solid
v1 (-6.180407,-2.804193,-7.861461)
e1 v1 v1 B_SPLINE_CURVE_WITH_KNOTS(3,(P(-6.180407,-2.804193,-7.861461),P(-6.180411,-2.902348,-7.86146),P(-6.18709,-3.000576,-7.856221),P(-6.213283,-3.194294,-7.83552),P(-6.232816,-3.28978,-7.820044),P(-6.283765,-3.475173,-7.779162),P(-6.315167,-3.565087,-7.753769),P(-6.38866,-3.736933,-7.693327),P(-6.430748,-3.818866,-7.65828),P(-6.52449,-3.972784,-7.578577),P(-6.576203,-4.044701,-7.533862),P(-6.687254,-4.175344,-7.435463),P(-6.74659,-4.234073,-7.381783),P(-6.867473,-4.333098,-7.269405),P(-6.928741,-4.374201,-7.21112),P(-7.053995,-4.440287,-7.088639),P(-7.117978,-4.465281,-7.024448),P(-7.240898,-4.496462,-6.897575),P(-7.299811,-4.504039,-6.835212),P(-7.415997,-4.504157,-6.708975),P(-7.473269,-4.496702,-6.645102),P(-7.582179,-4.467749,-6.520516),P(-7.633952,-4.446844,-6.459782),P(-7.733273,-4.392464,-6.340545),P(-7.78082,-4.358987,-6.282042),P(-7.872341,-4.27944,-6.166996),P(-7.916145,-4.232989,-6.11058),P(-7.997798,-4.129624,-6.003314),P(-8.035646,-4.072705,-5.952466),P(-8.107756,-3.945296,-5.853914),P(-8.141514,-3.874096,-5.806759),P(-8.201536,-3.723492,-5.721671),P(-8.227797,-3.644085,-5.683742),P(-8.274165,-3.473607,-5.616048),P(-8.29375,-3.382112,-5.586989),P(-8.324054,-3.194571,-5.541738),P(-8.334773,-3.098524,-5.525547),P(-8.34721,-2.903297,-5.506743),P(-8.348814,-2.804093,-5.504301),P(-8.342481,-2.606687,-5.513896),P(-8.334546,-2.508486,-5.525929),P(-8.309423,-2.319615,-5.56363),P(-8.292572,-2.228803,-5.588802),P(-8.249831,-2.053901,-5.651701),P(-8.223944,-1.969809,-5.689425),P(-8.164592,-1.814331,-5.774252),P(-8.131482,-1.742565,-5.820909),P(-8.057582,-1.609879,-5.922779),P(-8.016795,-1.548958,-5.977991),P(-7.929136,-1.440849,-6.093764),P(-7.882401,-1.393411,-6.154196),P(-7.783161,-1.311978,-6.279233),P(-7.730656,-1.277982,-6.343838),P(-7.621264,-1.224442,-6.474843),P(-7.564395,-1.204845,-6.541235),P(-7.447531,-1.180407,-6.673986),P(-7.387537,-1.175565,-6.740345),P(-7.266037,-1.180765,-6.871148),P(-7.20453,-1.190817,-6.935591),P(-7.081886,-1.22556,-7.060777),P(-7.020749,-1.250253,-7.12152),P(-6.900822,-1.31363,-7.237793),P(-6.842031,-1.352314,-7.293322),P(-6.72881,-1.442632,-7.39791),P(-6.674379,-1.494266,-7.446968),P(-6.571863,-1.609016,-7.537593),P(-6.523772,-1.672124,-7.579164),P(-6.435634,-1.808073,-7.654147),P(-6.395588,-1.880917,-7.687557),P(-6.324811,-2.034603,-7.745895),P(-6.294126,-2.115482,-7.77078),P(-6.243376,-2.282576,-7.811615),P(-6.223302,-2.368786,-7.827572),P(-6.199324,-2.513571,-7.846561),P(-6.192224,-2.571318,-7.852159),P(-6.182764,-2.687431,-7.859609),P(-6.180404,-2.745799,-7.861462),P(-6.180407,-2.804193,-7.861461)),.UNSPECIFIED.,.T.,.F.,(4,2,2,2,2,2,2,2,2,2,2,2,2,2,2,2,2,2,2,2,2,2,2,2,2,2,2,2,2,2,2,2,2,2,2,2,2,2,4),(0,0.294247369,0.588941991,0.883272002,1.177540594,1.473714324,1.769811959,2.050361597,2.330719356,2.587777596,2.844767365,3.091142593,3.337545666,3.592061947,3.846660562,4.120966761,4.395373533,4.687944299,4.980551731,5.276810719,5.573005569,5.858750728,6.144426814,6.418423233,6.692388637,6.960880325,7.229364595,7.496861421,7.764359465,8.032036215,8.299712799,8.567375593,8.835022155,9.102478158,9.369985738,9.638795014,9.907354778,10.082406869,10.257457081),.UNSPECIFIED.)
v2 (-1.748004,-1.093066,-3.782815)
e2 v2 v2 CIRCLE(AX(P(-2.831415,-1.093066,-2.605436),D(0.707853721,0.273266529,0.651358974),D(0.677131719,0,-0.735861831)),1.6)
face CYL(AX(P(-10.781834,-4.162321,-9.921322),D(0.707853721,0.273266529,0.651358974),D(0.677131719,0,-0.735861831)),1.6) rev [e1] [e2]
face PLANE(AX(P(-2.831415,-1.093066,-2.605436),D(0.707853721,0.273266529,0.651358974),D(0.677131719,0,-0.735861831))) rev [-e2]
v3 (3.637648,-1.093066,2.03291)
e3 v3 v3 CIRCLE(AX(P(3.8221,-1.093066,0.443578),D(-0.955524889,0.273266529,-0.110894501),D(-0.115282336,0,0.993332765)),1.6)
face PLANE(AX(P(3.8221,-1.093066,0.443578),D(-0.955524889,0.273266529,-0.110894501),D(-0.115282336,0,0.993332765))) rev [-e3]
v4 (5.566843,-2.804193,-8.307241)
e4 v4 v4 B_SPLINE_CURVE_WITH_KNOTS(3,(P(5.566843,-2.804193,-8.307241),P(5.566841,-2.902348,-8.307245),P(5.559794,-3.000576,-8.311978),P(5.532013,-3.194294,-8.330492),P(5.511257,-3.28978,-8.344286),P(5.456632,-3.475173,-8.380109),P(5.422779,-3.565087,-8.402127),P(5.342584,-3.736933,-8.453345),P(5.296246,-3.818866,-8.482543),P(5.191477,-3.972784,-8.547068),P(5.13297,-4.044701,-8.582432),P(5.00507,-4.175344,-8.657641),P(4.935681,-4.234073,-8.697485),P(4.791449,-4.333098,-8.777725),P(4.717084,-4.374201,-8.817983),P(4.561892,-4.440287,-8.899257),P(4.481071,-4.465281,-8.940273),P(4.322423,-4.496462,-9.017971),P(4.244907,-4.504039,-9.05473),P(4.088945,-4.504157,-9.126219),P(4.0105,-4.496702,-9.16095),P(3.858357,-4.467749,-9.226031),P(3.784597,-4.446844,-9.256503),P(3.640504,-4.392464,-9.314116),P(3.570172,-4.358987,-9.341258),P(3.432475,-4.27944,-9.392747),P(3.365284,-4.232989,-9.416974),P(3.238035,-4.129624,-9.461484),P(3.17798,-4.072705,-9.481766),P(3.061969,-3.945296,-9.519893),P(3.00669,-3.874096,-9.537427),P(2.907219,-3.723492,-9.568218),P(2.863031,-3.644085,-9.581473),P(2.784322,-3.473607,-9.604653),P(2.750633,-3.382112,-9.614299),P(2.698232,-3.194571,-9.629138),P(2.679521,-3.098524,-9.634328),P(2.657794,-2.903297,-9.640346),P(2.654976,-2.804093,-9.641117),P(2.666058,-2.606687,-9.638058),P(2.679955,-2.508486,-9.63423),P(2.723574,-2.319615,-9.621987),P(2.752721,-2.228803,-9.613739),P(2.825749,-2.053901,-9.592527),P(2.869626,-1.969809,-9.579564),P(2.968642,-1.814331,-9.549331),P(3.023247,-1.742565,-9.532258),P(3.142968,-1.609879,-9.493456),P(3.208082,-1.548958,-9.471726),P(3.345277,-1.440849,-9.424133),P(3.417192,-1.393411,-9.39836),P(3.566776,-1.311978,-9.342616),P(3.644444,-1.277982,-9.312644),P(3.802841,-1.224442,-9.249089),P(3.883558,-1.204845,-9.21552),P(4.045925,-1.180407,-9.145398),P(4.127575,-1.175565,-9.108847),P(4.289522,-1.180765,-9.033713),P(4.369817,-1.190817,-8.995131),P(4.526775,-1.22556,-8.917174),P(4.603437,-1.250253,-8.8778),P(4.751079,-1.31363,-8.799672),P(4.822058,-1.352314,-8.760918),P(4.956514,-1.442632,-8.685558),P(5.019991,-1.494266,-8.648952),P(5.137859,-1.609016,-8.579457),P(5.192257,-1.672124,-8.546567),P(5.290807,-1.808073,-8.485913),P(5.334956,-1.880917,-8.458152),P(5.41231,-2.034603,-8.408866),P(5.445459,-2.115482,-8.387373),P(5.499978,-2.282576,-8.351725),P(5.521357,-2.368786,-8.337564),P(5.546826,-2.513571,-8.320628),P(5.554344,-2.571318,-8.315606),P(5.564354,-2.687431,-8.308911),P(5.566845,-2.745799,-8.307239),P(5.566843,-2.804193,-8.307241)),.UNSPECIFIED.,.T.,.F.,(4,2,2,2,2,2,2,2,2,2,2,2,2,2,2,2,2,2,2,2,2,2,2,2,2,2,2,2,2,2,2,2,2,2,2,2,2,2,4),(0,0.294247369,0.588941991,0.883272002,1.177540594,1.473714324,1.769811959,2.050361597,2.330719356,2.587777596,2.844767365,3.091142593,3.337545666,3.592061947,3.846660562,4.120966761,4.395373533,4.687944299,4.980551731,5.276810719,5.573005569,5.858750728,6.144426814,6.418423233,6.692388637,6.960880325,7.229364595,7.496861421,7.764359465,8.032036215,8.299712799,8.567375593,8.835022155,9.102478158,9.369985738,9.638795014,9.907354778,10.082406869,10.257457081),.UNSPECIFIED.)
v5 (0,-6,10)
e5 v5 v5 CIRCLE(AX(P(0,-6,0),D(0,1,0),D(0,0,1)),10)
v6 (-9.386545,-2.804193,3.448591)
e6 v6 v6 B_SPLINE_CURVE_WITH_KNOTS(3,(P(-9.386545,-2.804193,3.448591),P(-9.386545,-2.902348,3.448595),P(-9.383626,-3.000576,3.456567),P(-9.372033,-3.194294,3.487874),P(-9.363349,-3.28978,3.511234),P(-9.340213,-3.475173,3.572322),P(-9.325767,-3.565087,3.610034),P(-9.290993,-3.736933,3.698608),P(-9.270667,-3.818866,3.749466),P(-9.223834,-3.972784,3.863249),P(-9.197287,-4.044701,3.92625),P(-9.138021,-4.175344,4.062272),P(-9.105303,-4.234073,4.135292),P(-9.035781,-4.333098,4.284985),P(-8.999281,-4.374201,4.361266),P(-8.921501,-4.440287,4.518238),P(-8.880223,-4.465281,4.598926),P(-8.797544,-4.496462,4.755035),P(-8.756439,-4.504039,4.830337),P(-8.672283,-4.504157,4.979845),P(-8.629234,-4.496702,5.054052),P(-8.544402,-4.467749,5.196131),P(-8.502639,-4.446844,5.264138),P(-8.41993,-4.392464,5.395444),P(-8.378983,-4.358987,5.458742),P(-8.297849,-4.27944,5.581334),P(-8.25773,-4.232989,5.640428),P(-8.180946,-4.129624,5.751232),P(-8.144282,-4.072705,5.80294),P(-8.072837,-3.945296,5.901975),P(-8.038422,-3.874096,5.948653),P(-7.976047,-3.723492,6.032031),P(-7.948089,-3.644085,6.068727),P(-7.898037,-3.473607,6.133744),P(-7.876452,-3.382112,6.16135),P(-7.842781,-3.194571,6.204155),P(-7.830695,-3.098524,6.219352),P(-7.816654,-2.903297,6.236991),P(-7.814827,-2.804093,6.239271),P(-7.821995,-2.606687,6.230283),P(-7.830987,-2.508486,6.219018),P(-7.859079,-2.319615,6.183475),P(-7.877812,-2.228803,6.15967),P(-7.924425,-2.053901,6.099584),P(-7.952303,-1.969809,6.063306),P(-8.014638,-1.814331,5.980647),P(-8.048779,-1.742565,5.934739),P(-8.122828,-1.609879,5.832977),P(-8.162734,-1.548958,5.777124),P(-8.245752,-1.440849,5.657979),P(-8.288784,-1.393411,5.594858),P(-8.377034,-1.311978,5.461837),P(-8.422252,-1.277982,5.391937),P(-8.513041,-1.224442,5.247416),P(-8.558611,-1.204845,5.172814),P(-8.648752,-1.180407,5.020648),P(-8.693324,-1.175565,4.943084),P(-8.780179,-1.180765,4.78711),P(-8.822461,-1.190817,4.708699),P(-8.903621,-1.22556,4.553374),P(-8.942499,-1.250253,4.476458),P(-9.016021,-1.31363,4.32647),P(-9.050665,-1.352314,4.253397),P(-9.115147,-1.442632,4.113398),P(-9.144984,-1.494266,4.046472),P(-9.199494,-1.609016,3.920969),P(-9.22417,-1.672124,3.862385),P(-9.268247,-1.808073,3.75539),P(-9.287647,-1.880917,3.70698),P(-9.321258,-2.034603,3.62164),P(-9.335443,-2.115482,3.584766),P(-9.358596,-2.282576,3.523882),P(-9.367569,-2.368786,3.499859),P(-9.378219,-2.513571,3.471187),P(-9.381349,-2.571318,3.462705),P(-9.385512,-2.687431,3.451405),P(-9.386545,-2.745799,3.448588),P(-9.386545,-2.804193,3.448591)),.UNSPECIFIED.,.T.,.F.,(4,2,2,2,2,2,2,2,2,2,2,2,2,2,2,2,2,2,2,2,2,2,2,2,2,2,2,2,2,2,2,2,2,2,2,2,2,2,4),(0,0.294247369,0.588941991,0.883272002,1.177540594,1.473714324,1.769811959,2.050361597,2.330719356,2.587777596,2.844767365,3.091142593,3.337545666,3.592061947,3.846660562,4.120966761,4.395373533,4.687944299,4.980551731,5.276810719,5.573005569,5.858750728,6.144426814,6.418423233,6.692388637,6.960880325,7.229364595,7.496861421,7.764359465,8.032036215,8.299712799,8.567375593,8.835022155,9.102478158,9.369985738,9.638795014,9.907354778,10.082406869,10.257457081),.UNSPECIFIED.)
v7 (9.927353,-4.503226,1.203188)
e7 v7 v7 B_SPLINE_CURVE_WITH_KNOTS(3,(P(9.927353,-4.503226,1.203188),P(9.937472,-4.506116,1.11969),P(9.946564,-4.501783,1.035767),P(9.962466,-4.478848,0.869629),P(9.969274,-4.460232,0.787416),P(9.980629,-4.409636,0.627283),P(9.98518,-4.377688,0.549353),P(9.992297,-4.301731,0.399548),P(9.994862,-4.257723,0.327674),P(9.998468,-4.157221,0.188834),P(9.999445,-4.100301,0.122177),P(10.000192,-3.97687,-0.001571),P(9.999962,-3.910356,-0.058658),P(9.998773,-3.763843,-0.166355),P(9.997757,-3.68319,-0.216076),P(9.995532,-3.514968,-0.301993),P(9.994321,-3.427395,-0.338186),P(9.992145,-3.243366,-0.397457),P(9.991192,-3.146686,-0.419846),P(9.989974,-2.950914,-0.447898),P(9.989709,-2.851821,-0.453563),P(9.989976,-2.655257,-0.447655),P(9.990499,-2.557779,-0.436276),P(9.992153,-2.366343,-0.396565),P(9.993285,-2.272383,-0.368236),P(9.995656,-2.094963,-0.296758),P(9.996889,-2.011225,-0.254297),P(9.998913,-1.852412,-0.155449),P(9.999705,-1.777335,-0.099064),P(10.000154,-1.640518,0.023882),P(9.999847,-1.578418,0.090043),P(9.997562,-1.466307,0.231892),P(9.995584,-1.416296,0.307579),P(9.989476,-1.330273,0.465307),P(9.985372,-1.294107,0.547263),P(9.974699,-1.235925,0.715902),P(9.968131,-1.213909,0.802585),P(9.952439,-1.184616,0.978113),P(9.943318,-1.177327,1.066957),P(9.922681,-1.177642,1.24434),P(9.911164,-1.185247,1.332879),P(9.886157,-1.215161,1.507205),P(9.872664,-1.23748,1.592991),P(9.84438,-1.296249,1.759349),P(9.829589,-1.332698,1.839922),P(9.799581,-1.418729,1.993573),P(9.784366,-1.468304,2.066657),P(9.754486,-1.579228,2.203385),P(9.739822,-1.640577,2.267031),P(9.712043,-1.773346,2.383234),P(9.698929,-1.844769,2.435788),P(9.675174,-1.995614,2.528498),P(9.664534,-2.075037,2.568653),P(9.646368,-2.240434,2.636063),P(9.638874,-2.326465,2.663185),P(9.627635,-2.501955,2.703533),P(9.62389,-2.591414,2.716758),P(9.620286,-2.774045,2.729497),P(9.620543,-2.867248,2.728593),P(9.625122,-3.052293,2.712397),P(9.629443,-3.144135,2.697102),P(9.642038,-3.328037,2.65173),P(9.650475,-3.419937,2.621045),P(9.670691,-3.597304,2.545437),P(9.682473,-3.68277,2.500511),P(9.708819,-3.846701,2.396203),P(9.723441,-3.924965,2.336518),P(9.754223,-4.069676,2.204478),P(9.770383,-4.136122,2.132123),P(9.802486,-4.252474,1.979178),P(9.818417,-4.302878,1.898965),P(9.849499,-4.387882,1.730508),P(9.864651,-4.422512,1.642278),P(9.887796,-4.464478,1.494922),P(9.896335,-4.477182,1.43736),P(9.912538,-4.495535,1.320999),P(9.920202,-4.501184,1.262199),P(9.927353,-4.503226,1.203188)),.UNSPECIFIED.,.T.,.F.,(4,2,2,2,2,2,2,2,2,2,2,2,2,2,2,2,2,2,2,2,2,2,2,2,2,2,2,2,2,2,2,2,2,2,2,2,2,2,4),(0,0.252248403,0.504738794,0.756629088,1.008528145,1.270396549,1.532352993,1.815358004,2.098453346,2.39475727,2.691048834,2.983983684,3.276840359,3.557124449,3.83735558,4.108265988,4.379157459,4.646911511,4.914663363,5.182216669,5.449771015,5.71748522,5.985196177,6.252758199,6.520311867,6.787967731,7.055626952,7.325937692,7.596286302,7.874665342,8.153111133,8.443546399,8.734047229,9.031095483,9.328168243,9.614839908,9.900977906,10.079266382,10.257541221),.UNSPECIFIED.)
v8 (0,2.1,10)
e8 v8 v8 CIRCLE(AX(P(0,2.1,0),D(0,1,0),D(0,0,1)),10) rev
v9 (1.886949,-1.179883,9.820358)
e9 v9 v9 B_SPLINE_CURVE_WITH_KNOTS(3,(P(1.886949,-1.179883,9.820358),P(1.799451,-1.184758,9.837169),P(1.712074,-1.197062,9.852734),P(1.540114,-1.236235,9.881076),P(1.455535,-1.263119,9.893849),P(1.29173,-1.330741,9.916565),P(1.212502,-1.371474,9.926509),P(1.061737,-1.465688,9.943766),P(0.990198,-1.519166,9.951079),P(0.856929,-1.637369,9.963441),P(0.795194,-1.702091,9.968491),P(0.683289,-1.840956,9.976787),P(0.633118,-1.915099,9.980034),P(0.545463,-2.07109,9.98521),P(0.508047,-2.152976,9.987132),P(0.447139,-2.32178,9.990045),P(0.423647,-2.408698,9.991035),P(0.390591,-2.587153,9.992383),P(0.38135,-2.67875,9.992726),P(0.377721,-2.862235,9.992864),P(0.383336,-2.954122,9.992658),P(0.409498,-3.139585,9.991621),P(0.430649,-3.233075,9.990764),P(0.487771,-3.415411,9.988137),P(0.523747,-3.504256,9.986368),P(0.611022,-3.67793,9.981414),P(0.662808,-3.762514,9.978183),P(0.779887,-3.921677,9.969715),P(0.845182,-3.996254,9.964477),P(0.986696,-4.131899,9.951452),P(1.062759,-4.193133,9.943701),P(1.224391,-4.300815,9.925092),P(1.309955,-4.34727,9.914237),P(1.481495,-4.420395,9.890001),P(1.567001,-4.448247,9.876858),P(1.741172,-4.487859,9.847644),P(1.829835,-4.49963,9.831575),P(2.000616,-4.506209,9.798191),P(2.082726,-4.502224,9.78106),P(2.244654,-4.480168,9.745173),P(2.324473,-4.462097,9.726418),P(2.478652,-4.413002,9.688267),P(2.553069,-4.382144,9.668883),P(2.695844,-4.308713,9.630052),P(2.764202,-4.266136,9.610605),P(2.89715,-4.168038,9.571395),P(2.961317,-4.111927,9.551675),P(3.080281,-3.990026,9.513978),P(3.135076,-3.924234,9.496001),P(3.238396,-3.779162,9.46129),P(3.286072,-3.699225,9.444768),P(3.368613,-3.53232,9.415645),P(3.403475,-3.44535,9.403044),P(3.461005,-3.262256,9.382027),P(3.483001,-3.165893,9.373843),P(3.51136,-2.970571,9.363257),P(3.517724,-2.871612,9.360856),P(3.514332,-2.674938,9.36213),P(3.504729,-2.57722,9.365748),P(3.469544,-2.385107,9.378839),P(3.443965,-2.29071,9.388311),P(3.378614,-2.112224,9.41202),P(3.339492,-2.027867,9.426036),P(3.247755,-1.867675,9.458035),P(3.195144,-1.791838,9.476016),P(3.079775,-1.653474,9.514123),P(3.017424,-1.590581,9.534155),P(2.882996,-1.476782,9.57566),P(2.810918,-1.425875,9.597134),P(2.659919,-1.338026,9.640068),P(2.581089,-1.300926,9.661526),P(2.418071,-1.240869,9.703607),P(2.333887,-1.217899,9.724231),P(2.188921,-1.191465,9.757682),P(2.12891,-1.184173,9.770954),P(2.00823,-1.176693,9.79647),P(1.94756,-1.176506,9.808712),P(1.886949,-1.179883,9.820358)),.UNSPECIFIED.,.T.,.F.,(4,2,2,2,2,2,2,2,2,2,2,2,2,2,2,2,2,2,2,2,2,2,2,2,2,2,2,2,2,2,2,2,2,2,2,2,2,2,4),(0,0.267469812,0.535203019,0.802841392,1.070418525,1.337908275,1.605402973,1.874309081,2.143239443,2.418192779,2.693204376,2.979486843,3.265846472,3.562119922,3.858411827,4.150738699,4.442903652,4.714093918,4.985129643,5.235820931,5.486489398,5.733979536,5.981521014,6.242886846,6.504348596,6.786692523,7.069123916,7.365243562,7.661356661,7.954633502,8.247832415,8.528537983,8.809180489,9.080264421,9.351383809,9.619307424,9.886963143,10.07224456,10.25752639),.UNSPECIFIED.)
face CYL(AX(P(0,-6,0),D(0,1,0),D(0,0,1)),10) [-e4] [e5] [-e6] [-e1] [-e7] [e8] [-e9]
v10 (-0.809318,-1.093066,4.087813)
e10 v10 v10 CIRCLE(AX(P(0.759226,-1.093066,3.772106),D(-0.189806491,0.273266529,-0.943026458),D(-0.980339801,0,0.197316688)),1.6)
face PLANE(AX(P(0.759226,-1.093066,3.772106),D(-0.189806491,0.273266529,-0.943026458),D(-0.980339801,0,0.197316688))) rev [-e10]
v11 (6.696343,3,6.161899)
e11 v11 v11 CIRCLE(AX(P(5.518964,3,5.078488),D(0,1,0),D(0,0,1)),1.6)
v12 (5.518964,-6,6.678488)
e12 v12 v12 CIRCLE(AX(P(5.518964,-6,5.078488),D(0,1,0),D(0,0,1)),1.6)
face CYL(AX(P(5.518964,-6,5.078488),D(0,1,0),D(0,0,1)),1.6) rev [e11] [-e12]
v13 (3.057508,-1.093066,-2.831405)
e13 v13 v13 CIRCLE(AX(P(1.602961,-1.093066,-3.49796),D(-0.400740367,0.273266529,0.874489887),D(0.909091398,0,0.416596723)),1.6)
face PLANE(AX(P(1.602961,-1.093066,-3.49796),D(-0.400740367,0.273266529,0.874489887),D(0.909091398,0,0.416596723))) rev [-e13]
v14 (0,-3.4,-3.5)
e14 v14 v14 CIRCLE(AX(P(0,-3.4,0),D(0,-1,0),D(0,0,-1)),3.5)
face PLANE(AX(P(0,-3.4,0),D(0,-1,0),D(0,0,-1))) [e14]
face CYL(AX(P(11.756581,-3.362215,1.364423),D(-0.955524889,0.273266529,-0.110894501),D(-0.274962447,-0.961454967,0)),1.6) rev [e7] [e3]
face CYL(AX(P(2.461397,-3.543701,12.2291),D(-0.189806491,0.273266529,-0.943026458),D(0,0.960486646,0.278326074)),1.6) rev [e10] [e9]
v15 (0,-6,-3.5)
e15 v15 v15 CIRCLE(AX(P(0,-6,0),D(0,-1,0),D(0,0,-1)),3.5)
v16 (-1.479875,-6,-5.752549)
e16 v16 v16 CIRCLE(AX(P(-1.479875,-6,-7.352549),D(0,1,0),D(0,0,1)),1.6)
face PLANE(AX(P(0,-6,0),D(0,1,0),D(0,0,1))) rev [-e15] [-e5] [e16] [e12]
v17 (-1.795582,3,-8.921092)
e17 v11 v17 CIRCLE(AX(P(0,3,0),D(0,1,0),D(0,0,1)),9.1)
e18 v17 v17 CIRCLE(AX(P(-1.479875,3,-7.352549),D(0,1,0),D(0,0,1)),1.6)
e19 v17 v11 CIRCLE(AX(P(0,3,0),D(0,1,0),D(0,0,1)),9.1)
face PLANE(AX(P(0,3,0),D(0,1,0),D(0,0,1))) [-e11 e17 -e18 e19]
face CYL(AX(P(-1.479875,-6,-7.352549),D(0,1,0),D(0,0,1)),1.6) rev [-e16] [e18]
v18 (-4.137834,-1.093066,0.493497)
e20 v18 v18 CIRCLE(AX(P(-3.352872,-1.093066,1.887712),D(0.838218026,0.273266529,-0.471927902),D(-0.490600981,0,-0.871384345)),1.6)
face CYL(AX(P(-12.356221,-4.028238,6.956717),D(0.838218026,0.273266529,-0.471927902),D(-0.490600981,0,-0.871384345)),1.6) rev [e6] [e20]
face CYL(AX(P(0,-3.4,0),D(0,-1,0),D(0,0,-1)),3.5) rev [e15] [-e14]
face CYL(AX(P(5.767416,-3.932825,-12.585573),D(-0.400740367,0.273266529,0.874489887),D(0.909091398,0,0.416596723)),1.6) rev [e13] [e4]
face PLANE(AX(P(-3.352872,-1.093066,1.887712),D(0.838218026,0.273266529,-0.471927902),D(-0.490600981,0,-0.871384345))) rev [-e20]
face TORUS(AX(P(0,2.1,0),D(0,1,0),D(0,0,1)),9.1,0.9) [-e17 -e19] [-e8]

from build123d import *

# Parameters (mm, degrees)
BOSS_EXTRUDE1_DEPTH      = 3
BOSS_EXTRUDE1_DEPTH_BACK = 6
SKETCH1_R                = 10
SKETCH4_R                = 1.6
HOLE_DEPTH               = 19.539009706
HOLECIR_COUNT            = 5
FILLET3_R                = 0.9
SKETCH5_R                = 3.5
CUT_EXTRUDE1_DEPTH       = 2.6
SKETCH6_R                = 1.6
CUT_EXTRUDE2_DEPTH       = 17.763054787


with BuildPart() as part:
    # Sketch1 → Boss-Extrude1 (new, two sides: drawn at the far end of the back side and taken through both)
    with BuildSketch(Plane(origin=(0, 0, 0), x_dir=(1, 0, 0), z_dir=(0, 1, 0)).offset(-BOSS_EXTRUDE1_DEPTH_BACK)):
        Circle(SKETCH1_R)
    extrude(amount=BOSS_EXTRUDE1_DEPTH + BOSS_EXTRUDE1_DEPTH_BACK)

    # Sketch4 → hole (cut, through all)
    with BuildSketch(Plane(origin=(-3.352872105, -1.093066116, 1.887711608), x_dir=(-0.4486862613641547, -0.14627571033740308, -0.8816371449912632), z_dir=(0.8382180262940947, 0.2732665289126682, -0.47192790187872385))):
        Circle(SKETCH4_R)
    hole = extrude(amount=-HOLE_DEPTH, mode=Mode.SUBTRACT)

    # holecir: hole ×5 about axis
    holecir_axis = Axis((0, 5.5, 0), (0, -1, 0))
    for i in range(1, HOLECIR_COUNT):
        add(hole.rotate(holecir_axis, i * 360 / HOLECIR_COUNT), mode=Mode.SUBTRACT)

    # Fillet3
    fillet3_edges = [part.edges().sort_by_distance(p)[0] for p in [
        (-10, 3, 0),
    ]]
    fillet(fillet3_edges, radius=FILLET3_R)

    # Sketch5 → Cut-Extrude1 (cut)
    with BuildSketch(Plane.XZ.offset(6)):
        Circle(SKETCH5_R)
    extrude(amount=-CUT_EXTRUDE1_DEPTH, mode=Mode.SUBTRACT)

    # Sketch6 → Cut-Extrude2 (cut, through all)
    with BuildSketch(Plane(origin=(0, 3, 0), x_dir=(1, 0, 0), z_dir=(0, 1, 0))):
        with Locations((-1.479875163, 7.352548504)):
            Circle(SKETCH6_R)
        with Locations((5.518963734, -5.078487896)):
            Circle(SKETCH6_R)
    extrude(amount=-CUT_EXTRUDE2_DEPTH, mode=Mode.SUBTRACT)


solid = part.part
